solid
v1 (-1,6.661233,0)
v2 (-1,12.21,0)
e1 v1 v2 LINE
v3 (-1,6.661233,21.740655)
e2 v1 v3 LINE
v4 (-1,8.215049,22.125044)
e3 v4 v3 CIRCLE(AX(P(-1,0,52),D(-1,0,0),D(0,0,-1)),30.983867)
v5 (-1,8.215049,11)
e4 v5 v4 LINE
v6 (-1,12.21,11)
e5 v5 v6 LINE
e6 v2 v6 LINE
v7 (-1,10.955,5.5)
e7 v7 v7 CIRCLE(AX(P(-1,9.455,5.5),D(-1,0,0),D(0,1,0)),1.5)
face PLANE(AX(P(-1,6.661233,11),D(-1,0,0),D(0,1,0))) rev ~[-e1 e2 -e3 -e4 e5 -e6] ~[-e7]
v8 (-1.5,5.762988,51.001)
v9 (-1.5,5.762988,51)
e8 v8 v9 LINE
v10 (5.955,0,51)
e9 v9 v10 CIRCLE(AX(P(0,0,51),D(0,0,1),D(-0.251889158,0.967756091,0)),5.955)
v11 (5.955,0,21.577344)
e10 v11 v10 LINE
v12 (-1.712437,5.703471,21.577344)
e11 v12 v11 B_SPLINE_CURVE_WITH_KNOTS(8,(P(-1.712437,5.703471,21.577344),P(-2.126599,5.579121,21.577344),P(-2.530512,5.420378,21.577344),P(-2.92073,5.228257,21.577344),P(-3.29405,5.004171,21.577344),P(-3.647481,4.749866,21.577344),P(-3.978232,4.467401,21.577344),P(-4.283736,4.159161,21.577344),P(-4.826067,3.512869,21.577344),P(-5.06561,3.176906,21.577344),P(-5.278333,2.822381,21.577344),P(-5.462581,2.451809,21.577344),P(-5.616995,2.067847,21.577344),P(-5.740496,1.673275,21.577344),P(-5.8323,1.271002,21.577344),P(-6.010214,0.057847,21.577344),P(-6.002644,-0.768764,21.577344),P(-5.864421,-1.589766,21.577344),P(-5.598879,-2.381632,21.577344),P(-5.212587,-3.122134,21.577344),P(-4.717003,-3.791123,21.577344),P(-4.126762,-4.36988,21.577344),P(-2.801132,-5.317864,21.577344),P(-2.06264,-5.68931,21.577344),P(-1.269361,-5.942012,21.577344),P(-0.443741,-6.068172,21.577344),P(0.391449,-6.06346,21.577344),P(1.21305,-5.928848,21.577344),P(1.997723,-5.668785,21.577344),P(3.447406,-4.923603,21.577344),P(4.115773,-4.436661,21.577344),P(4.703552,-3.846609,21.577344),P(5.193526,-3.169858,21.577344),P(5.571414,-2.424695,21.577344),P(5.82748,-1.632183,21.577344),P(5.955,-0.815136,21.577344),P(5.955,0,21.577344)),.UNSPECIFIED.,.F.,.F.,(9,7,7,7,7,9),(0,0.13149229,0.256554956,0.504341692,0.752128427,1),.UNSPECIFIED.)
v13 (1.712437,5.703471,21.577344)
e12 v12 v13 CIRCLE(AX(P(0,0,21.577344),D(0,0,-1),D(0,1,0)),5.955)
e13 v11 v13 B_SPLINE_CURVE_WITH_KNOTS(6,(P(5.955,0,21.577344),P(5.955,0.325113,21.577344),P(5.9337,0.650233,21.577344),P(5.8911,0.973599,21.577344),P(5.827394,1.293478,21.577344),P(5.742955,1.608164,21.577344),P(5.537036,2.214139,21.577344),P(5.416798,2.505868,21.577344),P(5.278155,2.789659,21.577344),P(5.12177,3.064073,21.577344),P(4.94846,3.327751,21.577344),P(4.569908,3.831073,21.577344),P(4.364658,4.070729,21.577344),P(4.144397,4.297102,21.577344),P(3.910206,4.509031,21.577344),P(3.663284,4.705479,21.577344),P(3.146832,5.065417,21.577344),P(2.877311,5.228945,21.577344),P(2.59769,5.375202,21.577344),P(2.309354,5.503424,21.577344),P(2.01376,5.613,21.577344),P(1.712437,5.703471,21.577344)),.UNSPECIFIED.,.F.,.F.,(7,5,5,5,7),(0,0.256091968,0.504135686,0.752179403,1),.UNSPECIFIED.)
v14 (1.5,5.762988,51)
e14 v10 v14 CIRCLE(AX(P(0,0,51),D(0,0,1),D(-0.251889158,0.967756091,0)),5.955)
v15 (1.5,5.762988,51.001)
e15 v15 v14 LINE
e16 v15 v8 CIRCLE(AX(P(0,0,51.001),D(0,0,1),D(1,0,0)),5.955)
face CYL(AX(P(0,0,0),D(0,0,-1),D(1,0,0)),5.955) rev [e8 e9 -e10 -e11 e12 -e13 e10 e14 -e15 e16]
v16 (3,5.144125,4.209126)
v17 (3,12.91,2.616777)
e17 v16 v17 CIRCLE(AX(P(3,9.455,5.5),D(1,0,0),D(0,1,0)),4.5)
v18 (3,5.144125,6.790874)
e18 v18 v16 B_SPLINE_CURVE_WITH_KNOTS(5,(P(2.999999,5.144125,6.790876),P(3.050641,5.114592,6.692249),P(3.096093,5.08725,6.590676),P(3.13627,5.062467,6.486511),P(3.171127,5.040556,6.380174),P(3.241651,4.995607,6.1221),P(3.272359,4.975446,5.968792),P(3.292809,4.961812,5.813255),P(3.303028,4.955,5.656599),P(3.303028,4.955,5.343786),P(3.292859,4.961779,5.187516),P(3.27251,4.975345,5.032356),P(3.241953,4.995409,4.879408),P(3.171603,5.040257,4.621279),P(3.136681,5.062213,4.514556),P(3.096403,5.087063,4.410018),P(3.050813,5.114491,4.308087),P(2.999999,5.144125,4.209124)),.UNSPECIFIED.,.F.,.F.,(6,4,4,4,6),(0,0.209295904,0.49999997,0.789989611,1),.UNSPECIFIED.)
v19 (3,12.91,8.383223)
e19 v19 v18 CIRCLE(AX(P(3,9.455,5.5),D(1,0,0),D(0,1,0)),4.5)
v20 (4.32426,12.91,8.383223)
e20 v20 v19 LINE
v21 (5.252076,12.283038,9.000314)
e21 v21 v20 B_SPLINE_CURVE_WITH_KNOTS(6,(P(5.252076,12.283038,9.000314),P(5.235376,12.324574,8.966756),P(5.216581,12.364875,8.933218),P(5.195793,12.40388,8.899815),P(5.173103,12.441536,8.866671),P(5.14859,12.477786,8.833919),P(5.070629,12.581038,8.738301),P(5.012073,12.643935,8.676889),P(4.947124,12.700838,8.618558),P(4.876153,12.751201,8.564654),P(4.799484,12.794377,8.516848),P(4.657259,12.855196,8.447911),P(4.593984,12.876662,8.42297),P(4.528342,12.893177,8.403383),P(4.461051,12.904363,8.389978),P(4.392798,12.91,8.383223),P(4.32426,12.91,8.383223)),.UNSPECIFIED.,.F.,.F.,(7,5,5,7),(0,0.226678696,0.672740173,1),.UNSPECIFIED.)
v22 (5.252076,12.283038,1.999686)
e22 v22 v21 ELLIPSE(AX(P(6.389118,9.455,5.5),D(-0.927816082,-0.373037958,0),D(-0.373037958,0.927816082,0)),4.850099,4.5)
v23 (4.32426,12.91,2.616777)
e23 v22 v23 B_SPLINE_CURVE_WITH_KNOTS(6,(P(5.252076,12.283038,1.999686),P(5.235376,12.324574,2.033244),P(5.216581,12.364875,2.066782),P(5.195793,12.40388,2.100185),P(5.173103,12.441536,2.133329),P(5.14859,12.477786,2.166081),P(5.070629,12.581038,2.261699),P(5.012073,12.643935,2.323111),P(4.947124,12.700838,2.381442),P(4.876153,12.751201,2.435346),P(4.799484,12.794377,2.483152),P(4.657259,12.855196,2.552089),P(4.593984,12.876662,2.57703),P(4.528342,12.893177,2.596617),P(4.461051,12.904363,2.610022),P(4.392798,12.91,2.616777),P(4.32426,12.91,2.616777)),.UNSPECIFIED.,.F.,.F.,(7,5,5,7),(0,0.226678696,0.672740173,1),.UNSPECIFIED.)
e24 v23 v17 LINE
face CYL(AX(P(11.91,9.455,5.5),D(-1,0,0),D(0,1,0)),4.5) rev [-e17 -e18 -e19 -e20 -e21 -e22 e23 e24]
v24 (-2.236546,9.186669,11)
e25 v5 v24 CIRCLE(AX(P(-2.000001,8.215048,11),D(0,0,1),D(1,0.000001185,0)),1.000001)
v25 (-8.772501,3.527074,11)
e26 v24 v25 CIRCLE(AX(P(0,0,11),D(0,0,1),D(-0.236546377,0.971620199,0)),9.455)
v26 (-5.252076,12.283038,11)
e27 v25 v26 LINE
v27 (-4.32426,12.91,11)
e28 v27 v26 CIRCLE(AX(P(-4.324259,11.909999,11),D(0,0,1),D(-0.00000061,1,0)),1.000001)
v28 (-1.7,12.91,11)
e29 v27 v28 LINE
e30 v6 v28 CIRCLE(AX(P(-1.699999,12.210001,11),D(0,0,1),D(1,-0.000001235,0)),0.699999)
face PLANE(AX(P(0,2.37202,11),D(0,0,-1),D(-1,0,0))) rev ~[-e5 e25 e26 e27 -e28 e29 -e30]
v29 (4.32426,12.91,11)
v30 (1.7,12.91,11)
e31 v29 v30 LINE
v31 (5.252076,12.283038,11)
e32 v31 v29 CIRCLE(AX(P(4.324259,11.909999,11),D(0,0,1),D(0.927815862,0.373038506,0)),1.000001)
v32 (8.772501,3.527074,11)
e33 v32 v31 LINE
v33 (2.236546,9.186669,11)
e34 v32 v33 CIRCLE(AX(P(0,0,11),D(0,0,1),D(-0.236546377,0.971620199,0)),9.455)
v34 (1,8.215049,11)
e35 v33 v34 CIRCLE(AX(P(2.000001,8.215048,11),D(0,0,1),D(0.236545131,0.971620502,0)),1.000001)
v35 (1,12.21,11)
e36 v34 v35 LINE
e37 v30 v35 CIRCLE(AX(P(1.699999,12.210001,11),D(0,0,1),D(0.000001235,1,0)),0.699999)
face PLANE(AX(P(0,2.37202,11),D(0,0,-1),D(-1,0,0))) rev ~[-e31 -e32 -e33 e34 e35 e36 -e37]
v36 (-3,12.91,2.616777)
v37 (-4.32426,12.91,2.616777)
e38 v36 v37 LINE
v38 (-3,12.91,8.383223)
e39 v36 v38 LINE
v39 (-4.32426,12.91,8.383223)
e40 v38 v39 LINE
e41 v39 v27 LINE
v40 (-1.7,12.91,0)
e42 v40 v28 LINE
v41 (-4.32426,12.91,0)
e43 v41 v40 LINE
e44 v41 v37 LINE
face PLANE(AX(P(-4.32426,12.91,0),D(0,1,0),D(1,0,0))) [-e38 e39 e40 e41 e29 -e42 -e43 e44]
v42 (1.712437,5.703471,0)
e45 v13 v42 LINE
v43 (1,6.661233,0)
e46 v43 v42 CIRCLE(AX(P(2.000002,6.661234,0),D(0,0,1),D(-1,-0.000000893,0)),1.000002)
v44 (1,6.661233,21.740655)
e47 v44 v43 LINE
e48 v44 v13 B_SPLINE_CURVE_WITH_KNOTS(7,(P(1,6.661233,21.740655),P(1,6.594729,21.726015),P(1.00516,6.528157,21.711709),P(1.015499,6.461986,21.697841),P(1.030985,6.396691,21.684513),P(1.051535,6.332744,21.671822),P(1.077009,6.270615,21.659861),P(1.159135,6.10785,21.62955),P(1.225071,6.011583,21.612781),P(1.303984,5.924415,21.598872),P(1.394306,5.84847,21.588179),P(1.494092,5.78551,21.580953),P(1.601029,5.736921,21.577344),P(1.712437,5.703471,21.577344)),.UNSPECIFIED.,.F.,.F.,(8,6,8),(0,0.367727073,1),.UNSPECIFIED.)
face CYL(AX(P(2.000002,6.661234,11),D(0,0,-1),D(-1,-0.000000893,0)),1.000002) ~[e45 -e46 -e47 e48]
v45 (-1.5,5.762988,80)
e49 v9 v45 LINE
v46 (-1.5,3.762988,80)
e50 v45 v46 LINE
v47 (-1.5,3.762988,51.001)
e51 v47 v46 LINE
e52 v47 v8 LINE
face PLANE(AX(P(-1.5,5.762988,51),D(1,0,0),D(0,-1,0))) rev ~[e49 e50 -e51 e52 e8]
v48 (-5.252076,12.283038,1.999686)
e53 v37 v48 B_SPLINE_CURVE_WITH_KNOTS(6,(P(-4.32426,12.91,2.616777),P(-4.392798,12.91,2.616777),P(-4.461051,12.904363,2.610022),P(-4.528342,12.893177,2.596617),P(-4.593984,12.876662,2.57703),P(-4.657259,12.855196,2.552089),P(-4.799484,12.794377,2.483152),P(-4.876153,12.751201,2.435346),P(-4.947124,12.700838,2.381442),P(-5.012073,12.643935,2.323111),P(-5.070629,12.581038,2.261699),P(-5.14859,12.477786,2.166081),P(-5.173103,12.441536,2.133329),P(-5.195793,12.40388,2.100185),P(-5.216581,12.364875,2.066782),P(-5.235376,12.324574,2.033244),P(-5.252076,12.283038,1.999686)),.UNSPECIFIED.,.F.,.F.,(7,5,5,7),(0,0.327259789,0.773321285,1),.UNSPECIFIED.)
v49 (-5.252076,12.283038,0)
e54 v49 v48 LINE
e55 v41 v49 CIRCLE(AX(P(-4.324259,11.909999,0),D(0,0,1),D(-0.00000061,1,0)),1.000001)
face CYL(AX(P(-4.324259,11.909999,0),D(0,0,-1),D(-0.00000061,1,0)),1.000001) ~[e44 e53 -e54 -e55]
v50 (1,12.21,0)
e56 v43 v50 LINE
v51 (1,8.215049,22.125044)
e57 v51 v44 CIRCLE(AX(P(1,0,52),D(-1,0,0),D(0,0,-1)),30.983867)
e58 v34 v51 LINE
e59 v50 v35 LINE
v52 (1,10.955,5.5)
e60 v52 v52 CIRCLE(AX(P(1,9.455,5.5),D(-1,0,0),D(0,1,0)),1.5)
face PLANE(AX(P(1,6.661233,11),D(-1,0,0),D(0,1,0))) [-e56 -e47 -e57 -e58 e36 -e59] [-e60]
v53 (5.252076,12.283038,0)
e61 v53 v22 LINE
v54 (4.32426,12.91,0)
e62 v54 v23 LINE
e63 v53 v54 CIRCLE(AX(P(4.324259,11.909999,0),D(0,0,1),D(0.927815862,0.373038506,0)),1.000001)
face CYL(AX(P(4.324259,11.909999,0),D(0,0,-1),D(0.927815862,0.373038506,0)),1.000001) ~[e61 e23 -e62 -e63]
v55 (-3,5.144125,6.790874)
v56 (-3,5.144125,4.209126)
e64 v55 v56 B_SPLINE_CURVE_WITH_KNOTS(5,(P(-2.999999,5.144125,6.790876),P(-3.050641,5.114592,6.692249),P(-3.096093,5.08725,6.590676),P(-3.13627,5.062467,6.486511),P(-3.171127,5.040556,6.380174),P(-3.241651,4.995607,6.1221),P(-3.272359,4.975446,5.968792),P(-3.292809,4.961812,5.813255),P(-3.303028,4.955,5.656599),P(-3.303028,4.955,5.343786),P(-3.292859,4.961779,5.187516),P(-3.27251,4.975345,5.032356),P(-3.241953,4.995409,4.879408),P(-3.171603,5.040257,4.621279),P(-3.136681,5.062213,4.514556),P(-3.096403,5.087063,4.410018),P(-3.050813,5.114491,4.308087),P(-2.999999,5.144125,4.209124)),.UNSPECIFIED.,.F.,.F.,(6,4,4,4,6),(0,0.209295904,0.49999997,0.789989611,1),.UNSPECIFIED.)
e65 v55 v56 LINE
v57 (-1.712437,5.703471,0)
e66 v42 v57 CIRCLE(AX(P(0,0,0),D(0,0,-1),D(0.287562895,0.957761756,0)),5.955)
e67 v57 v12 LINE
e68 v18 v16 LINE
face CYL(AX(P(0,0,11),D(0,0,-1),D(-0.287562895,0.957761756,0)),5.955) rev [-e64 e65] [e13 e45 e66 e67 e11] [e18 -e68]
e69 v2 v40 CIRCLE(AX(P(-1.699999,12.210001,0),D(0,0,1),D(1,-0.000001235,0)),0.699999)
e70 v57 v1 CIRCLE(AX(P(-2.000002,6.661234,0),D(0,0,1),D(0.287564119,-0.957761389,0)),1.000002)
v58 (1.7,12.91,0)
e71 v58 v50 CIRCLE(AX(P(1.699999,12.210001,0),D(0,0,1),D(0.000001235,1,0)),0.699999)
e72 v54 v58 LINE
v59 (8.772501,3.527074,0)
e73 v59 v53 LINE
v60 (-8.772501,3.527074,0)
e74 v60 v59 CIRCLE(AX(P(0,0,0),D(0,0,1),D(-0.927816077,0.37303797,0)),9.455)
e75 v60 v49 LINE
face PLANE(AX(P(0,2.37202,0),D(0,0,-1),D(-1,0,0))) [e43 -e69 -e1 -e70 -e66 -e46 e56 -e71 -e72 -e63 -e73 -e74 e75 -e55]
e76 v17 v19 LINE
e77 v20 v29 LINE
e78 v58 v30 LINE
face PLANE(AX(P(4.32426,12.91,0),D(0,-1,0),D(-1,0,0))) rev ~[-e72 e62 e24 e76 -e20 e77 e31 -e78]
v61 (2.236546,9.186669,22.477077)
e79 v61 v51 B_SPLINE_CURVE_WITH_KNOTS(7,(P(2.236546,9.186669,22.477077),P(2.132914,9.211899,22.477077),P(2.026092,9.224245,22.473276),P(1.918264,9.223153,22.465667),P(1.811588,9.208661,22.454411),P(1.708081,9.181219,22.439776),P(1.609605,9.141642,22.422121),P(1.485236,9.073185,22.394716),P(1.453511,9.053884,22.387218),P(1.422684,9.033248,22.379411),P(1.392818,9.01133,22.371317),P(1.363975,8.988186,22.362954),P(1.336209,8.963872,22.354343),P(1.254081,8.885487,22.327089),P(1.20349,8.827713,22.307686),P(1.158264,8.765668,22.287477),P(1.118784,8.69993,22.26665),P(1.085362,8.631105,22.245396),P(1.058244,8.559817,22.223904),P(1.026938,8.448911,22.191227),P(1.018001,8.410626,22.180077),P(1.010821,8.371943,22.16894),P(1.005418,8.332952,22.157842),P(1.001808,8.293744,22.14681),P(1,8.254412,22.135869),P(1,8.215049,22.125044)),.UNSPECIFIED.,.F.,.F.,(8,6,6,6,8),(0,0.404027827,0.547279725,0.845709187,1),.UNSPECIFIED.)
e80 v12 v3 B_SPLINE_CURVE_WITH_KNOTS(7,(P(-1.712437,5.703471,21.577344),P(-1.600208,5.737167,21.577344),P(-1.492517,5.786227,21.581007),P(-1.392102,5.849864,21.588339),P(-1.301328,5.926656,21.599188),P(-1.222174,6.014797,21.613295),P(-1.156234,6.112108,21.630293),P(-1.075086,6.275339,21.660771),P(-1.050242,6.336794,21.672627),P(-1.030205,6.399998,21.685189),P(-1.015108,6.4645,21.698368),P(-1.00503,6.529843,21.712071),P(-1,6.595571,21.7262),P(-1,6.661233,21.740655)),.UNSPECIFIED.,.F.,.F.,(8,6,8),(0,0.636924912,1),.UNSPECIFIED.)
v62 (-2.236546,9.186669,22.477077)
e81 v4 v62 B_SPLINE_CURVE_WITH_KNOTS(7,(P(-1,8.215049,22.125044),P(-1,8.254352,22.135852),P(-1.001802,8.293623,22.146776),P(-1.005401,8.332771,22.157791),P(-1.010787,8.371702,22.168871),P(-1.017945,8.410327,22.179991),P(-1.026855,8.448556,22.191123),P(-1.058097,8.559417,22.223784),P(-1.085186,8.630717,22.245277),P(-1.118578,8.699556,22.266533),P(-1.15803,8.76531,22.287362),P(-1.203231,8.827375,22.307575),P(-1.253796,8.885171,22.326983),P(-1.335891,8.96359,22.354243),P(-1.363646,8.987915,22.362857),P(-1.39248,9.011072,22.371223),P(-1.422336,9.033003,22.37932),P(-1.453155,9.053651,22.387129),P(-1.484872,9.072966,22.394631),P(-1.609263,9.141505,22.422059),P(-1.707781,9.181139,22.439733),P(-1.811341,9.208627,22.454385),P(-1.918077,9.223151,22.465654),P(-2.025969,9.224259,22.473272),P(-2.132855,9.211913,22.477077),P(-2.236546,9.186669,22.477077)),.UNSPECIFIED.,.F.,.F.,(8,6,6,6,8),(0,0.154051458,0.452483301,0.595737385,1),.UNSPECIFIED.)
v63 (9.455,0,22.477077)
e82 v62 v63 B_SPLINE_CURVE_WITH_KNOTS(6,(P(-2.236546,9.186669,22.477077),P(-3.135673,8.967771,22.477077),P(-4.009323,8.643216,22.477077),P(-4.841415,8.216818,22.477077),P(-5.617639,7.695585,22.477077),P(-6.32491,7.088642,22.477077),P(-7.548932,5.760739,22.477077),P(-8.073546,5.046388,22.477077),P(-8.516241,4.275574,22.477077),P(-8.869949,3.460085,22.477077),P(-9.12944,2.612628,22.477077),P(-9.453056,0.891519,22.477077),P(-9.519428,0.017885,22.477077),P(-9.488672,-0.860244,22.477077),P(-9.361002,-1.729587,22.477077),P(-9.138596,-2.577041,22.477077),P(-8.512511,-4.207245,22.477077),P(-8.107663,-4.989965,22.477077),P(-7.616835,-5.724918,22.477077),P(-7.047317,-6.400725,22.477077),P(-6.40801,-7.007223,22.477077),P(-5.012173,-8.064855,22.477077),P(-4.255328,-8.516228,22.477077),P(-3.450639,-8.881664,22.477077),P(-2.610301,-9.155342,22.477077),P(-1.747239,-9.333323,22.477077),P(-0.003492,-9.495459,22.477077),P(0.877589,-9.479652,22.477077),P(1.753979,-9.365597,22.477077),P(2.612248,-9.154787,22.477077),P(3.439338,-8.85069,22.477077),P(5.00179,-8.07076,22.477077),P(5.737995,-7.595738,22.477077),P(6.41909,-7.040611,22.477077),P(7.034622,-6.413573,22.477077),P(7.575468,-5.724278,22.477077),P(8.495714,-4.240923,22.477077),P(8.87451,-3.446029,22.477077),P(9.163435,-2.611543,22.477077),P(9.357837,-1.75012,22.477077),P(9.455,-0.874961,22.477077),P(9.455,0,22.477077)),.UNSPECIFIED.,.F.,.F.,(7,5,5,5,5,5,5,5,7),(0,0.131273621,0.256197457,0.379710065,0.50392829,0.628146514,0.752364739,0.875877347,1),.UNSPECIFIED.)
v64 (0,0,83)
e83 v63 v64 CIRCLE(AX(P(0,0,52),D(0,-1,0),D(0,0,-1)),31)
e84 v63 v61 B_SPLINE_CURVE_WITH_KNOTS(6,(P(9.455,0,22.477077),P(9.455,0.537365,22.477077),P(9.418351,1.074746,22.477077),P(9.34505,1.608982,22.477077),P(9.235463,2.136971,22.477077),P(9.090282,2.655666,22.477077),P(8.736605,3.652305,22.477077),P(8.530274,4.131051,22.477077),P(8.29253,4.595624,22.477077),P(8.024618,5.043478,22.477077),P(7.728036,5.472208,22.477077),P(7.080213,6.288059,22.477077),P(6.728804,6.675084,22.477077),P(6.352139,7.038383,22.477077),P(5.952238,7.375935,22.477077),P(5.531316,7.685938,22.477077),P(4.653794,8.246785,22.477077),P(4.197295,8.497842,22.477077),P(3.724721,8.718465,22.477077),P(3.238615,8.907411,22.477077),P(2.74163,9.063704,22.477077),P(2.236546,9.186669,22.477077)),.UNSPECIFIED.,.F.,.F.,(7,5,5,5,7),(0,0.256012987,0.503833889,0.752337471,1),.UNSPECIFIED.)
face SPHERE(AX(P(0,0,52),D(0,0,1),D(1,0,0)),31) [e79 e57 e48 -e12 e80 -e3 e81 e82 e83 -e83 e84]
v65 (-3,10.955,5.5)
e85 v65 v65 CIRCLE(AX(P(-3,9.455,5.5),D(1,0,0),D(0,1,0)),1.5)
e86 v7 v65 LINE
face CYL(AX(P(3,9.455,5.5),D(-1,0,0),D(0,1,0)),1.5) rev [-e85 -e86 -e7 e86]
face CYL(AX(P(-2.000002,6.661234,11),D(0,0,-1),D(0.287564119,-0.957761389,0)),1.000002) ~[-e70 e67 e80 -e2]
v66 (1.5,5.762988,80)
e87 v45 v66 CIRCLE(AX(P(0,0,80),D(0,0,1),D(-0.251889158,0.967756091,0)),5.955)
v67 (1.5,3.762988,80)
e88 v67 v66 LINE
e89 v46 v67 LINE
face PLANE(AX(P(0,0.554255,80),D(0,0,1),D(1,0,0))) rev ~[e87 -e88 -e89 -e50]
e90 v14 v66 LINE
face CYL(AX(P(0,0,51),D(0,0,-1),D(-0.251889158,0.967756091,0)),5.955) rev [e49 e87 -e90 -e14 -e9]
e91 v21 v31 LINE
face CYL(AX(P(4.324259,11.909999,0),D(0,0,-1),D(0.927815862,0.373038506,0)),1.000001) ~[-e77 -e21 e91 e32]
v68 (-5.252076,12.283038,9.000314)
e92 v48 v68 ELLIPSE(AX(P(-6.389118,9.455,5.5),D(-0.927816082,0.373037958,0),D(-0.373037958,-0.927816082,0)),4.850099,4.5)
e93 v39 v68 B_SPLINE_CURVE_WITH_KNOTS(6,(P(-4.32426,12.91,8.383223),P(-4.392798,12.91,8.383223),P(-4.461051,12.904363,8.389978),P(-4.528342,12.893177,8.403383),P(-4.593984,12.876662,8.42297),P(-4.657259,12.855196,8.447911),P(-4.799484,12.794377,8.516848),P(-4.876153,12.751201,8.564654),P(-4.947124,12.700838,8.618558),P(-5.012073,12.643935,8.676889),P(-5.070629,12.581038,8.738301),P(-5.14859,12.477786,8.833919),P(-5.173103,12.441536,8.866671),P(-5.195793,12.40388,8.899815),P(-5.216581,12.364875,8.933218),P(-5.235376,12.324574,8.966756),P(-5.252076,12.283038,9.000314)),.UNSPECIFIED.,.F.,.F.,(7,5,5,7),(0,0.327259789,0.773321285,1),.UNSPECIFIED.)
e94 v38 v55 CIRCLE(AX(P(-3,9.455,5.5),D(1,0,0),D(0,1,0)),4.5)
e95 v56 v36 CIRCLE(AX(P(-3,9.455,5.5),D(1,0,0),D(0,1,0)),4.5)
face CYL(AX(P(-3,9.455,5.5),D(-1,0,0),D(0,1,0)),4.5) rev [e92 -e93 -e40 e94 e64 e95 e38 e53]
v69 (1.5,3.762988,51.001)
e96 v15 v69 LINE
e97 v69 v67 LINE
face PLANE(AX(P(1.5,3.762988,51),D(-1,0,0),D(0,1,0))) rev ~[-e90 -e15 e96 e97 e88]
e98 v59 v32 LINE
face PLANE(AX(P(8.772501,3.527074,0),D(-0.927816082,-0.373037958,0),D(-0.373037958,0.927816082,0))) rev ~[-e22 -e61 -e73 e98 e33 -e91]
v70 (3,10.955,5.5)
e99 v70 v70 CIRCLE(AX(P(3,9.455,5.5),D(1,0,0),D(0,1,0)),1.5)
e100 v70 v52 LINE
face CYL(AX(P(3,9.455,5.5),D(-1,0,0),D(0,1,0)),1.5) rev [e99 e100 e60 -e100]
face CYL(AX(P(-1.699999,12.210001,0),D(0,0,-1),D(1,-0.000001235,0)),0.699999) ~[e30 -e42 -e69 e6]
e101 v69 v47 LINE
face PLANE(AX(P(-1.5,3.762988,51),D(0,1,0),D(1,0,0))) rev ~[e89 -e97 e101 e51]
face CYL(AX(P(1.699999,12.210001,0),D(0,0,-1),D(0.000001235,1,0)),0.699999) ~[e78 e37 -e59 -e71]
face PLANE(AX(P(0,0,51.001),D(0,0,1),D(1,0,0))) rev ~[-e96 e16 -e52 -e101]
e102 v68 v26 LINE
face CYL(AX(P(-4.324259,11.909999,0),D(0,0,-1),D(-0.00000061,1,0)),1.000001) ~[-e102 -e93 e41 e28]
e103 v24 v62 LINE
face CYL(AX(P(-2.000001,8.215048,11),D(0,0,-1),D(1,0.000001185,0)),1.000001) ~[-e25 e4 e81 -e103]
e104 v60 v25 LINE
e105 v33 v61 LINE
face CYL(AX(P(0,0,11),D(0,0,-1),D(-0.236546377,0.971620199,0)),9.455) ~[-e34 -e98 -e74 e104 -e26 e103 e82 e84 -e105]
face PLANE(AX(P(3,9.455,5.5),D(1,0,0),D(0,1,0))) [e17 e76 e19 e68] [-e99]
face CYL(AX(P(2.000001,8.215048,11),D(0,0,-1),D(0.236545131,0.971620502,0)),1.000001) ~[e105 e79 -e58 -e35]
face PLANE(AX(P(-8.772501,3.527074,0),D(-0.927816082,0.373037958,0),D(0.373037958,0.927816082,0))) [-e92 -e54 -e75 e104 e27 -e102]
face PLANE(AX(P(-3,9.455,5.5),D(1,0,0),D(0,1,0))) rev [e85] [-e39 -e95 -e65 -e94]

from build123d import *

# Parameters (mm, degrees)
PAD001_DEPTH = 29
SKETCH001_R  = 5.955
PAD_DEPTH    = 51.001
PAD002_DEPTH = 11
PAD003_DEPTH = 13


with BuildPart() as body:
    # Sketch → Pad001 (new body)
    with BuildSketch(Plane.XY):
        with BuildLine():
            ThreePointArc((-1.5, 5.762988), (0, -5.955), (1.5, 5.762988))
            Line((1.5, 3.762988), (1.5, 5.762988))
            Line((-1.5, 3.762988), (1.5, 3.762988))
            Line((-1.5, 5.762988), (-1.5, 3.762988))
        make_face()
    extrude(amount=PAD001_DEPTH)


with BuildPart() as body_1:
    # Body placement: moved
    add(body.part.moved(Location((0, 0, 51))))


with BuildPart() as shifter_shaft:
    # Sketch001 → Pad (new body)
    with BuildSketch(Plane.XY):
        Circle(SKETCH001_R)
    extrude(amount=PAD_DEPTH)

    # Fusion: union Body
    add(body_1.part)


with BuildPart() as body003:
    # Sketch003 → Revolution (revolve)
    with BuildSketch(Plane.XY):
        Polygon((-3, 1.5), (-3, 4.5), (-11.91, 4.5), (-11.91, 0), (11.91, 0), (11.91, 4.5), (3, 4.5), (3, 1.5), align=None)
    revolve(axis=Axis((0, 0, 0), (1, 0, 0)))


with BuildPart() as body003_1:
    # Body003 placement: moved
    add(body003.part.moved(Location((0, 9.455, 5.5))))


with BuildPart() as cut:
    # Sketch002 → Pad002 (new body)
    with BuildSketch(Plane.XY):
        with BuildLine():
            ThreePointArc((-1.712437, 5.703471), (0, -5.955), (1.712437, 5.703471))
            ThreePointArc((1, 6.661233), (1.19764, 6.064393), (1.712437, 5.703471))
            Line((1, 6.661233), (1, 12.21))
            ThreePointArc((1.7, 12.91), (1.205025, 12.704975), (1, 12.21))
            Line((4.32426, 12.91), (1.7, 12.91))
            ThreePointArc((5.252076, 12.283038), (4.884154, 12.738564), (4.32426, 12.91))
            Line((8.772501, 3.527074), (5.252076, 12.283038))
            ThreePointArc((-8.772501, 3.527074), (0, -9.455), (8.772501, 3.527074))
            Line((-8.772501, 3.527074), (-5.252076, 12.283038))
            ThreePointArc((-4.32426, 12.91), (-4.884154, 12.738564), (-5.252076, 12.283038))
            Line((-4.32426, 12.91), (-1.7, 12.91))
            ThreePointArc((-1, 12.21), (-1.205025, 12.704975), (-1.7, 12.91))
            Line((-1, 6.661233), (-1, 12.21))
            ThreePointArc((-1.712437, 5.703471), (-1.19764, 6.064393), (-1, 6.661233))
        make_face()
    extrude(amount=PAD002_DEPTH)

    # Sketch004 (on Face16 of Pad002) → Pad003 (join)
    with BuildSketch(Plane.XY.offset(11)):
        with BuildLine():
            ThreePointArc((-1.712437, 5.703471), (0, -5.955), (1.712437, 5.703471))
            ThreePointArc((1, 6.661233), (1.19764, 6.064393), (1.712437, 5.703471))
            Line((1, 6.661233), (1, 8.215049))
            ThreePointArc((2.236546, 9.186669), (1.38216, 9.001352), (1, 8.215049))
            ThreePointArc((-2.236546, 9.186669), (0, -9.455), (2.236546, 9.186669))
            ThreePointArc((-1, 8.215049), (-1.38216, 9.001352), (-2.236546, 9.186669))
            Line((-1, 6.661233), (-1, 8.215049))
            ThreePointArc((-1.712437, 5.703471), (-1.19764, 6.064393), (-1, 6.661233))
        make_face()
    extrude(amount=PAD003_DEPTH)

    # Cut: cut Body003
    add(body003_1.part, mode=Mode.SUBTRACT)


with BuildPart() as cut001:
    # Sphere → Sphere (revolve)
    with BuildSketch(Plane(origin=(0, 0, 52), x_dir=(1, 0, 0), z_dir=(0, -1, 0))):
        with BuildLine():
            ThreePointArc((0, -31), (31, 0), (0, 31))
            Line((0, 31), (0, -31))
        make_face()
    revolve(axis=Axis((0, 0, 52), (0, 0, 1)))

    # Fusion001: union Cut
    add(cut.part)

    # Cut001: cut Shifter_shaft
    add(shifter_shaft.part, mode=Mode.SUBTRACT)


solid = cut001.part
